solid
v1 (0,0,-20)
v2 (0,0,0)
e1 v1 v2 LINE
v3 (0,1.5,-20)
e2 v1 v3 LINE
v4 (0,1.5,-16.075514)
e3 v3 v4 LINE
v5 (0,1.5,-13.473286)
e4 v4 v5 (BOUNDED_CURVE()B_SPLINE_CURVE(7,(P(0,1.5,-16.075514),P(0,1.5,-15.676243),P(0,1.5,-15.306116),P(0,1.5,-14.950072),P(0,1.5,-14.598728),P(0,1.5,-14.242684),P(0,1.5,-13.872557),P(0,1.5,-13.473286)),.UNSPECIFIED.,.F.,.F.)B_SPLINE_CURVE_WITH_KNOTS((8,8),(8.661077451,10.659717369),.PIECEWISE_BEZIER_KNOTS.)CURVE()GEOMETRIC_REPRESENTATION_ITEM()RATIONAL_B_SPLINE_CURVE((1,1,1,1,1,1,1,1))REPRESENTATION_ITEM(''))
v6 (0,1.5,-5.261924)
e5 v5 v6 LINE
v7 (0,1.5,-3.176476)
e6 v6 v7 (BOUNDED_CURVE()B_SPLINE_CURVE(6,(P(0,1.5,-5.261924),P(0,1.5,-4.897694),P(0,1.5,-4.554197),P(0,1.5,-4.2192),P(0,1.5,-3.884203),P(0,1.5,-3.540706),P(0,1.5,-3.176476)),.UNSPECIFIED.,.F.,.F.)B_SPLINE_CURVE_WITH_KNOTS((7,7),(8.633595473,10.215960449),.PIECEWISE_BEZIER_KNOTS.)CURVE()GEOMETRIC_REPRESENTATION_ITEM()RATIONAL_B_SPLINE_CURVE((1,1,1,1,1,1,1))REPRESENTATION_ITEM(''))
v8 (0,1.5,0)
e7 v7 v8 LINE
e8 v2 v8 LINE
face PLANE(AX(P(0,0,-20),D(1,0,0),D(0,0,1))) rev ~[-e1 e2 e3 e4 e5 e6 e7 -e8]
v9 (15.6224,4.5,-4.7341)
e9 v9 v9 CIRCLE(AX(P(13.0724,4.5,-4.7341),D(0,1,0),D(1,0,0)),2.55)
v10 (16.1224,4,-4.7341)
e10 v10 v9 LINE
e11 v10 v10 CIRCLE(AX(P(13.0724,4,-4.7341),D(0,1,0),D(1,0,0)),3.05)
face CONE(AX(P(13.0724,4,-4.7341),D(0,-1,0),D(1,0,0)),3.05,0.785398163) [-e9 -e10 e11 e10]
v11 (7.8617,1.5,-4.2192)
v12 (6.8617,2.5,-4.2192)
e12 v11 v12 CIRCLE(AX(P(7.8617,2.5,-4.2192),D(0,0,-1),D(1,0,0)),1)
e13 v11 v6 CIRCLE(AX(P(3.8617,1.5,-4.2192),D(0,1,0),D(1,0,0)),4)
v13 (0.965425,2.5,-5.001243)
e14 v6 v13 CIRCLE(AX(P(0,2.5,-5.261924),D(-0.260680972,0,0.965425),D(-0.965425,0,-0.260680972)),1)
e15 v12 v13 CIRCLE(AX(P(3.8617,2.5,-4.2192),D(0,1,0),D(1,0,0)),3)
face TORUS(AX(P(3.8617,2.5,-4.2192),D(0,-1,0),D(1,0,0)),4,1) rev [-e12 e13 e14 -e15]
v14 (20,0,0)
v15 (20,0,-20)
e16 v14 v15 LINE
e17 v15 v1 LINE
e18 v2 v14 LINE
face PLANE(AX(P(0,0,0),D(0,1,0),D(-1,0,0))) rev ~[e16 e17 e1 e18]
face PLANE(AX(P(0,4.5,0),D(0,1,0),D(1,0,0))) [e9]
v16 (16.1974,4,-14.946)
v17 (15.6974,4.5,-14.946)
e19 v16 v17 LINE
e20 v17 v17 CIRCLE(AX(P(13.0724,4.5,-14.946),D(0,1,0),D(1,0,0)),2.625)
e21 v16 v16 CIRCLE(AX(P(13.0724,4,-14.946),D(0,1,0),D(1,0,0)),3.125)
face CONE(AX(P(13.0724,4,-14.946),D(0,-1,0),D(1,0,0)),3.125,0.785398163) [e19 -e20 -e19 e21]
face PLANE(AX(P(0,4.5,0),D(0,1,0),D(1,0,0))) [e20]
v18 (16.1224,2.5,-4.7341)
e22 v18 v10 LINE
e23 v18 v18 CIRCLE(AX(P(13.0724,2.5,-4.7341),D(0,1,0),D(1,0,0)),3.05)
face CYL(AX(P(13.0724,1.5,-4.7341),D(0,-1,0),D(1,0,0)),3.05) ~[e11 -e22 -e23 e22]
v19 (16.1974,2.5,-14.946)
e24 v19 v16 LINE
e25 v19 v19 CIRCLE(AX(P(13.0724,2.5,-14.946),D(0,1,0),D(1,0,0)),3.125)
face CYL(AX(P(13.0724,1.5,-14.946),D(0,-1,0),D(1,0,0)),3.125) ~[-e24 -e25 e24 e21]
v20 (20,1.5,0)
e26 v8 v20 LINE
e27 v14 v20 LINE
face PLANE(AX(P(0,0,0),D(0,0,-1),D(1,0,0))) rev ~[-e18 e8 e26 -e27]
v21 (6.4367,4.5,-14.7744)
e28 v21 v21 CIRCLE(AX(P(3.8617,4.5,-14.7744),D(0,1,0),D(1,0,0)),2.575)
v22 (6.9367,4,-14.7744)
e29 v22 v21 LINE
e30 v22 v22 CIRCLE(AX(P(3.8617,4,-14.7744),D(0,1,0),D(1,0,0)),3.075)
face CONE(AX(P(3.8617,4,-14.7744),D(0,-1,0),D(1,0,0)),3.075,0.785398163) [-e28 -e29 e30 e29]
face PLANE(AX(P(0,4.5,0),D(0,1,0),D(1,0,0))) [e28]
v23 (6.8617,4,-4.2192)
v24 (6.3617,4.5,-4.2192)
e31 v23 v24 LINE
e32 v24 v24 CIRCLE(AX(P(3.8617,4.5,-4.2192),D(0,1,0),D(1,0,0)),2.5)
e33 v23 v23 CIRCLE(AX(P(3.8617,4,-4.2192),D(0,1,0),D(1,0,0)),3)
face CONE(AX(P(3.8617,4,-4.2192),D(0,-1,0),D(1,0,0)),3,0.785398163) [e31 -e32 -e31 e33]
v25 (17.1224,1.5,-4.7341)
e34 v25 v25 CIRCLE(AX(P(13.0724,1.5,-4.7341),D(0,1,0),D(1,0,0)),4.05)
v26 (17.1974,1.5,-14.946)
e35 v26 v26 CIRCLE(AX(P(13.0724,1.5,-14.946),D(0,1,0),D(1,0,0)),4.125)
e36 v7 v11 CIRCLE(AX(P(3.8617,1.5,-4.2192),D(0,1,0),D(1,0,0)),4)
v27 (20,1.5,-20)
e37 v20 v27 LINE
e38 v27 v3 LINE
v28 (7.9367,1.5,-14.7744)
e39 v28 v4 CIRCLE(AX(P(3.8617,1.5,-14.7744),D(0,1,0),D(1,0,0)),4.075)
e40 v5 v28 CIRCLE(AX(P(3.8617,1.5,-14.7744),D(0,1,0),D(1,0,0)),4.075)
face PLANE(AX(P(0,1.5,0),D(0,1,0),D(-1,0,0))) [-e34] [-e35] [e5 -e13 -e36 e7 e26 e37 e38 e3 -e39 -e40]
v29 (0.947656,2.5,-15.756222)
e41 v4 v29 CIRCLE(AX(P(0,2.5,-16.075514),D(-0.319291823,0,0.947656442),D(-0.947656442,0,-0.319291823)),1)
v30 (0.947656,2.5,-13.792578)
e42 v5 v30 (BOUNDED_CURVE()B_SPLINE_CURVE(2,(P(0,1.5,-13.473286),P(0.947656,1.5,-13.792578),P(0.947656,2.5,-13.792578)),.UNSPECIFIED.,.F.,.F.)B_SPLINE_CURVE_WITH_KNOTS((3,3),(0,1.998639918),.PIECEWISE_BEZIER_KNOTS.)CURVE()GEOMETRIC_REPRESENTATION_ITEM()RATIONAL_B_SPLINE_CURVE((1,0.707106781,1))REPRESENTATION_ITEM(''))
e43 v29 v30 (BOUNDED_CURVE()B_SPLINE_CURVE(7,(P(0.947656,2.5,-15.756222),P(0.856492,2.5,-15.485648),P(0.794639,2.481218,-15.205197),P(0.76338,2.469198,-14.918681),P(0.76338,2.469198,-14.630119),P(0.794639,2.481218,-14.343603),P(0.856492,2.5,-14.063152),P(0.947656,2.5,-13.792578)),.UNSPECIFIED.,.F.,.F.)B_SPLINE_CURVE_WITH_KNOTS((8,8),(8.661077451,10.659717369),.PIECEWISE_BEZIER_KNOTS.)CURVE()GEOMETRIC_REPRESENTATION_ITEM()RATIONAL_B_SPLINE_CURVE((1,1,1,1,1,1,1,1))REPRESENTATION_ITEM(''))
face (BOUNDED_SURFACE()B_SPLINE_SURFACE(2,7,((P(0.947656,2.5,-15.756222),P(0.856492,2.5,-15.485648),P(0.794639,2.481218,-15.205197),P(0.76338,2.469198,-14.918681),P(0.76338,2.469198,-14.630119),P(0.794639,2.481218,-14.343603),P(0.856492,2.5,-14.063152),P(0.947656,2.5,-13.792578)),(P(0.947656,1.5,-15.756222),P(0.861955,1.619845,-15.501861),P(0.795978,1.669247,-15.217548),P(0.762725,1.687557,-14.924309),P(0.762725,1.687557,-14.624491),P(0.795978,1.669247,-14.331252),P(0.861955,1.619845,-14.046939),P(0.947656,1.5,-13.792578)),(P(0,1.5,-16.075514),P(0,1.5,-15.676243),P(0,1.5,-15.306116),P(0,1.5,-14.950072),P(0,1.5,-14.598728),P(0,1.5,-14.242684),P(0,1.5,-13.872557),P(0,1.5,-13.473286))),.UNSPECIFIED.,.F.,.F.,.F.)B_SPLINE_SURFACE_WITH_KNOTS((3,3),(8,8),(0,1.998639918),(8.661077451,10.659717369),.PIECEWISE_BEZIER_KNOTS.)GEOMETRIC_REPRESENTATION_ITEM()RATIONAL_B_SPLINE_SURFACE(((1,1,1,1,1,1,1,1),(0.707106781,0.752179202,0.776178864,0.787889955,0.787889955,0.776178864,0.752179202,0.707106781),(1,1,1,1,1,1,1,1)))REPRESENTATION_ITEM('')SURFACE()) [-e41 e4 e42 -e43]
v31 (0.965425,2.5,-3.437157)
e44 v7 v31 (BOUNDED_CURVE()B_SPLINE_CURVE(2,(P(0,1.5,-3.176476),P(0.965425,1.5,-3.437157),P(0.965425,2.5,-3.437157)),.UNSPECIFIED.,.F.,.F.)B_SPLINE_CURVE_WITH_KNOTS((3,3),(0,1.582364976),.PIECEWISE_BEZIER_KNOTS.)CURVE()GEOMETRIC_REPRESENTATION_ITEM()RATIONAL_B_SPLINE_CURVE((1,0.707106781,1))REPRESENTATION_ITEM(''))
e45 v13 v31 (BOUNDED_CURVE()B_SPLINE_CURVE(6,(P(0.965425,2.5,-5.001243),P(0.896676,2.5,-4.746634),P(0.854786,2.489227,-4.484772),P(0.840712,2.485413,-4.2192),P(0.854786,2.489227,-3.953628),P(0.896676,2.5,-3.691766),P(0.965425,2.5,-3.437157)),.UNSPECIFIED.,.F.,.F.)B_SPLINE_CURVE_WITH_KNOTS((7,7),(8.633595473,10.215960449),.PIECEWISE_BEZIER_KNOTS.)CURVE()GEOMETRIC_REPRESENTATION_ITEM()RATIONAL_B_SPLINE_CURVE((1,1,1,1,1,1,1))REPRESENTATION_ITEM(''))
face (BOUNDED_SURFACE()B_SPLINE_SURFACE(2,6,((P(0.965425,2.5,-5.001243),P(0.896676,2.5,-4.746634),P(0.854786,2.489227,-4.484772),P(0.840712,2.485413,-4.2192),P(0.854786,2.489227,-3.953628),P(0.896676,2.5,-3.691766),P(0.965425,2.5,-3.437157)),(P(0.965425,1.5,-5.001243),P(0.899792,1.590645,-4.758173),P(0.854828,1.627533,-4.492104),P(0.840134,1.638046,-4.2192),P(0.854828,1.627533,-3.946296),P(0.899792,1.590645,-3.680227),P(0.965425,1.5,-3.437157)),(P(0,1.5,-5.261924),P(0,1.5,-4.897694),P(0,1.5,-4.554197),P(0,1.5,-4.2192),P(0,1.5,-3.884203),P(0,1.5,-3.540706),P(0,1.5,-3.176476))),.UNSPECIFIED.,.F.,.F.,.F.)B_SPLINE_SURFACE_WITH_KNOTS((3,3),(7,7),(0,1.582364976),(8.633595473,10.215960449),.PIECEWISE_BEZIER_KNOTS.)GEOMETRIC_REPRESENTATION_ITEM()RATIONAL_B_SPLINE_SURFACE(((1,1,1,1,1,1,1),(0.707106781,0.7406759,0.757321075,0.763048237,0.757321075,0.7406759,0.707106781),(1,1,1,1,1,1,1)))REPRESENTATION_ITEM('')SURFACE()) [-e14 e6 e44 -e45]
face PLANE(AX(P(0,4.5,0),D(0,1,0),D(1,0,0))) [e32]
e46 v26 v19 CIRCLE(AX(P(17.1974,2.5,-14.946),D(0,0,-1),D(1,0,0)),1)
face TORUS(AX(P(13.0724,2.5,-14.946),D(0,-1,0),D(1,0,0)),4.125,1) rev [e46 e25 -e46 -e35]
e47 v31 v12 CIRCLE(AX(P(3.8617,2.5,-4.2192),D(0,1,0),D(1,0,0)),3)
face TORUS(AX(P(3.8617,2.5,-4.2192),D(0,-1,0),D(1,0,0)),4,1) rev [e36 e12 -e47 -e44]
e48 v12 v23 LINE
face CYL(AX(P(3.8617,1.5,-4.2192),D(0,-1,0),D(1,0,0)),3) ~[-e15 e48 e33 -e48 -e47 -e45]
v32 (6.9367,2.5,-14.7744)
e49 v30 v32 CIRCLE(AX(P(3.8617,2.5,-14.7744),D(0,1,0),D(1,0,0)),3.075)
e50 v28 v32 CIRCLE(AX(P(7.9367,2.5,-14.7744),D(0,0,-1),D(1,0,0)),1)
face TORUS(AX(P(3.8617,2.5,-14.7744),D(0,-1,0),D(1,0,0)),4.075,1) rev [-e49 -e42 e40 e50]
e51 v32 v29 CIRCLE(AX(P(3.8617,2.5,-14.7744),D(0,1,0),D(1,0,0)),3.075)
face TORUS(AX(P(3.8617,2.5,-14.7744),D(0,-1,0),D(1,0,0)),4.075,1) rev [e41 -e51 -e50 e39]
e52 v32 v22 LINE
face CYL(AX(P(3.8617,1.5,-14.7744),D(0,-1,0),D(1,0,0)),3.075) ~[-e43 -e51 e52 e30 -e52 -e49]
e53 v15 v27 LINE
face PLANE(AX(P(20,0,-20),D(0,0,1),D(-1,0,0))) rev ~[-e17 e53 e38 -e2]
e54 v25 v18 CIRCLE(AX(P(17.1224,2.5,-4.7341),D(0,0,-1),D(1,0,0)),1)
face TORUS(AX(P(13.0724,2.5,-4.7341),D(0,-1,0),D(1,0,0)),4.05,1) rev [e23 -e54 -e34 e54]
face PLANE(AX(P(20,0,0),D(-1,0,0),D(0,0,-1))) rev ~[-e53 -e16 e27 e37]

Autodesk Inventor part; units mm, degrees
ref_plane "YZ Plane" through (0, 0, 0) normal (1, 0, 0) x (0, 1, 0)
ref_plane "XZ Plane" through (0, 0, 0) normal (0, 1, 0) x (-1, 0, 0)
ref_plane "XY Plane" through (0, 0, 0) normal (0, 0, 1) x (1, 0, 0)
sketch "Sketch2" plane through (0, 0, 0) normal (0, 1, 0) x (-1, 0, 0)
  line L0 (0, 0) -> (-20, 0)
  line L1 (-20, 0) -> (-20, -20)
  line L2 (-20, -20) -> (0, -20)
  line L3 (0, -20) -> (0, 0)
  dimension "d0" = 20
  dimension "d1" = 20
extrude "Extrusion1" add sketch "Sketch2" along normal blind 1.5
sketch "Sketch3" plane through (0, 1.5, 0) normal (0, 1, 0) x (1, 0, 0)
  circle A0 centre (3.8617, 4.2192) radius 3
  circle A1 centre (13.0724, 4.7341) radius 3.05
  circle A2 centre (3.8617, 14.7744) radius 3.075
  circle A3 centre (13.0724, 14.946) radius 3.125
  point P0 (0, 0)
  dimension "d4" = 6
  dimension "d5" = 6.1
  dimension "d6" = 6.15
  dimension "d7" = 6.25
extrude "Extrusion2" add sketch "Sketch3" along normal blind 3
fillet "Fillet1" radius 1 4 edges at (10.0224, 1.5, -4.7341) (0.8617, 1.5, -4.2192) (0.7867, 1.5, -14.7744) (9.9474, 1.5, -14.946)
chamfer "Chamfer1" distance 0.5 angle 45 4 edges at (10.0224, 4.5, -4.7341) (9.9474, 4.5, -14.946) (0.7867, 4.5, -14.7744) (0.8617, 4.5, -4.2192)
properties part number "heligearPressFitTester"
